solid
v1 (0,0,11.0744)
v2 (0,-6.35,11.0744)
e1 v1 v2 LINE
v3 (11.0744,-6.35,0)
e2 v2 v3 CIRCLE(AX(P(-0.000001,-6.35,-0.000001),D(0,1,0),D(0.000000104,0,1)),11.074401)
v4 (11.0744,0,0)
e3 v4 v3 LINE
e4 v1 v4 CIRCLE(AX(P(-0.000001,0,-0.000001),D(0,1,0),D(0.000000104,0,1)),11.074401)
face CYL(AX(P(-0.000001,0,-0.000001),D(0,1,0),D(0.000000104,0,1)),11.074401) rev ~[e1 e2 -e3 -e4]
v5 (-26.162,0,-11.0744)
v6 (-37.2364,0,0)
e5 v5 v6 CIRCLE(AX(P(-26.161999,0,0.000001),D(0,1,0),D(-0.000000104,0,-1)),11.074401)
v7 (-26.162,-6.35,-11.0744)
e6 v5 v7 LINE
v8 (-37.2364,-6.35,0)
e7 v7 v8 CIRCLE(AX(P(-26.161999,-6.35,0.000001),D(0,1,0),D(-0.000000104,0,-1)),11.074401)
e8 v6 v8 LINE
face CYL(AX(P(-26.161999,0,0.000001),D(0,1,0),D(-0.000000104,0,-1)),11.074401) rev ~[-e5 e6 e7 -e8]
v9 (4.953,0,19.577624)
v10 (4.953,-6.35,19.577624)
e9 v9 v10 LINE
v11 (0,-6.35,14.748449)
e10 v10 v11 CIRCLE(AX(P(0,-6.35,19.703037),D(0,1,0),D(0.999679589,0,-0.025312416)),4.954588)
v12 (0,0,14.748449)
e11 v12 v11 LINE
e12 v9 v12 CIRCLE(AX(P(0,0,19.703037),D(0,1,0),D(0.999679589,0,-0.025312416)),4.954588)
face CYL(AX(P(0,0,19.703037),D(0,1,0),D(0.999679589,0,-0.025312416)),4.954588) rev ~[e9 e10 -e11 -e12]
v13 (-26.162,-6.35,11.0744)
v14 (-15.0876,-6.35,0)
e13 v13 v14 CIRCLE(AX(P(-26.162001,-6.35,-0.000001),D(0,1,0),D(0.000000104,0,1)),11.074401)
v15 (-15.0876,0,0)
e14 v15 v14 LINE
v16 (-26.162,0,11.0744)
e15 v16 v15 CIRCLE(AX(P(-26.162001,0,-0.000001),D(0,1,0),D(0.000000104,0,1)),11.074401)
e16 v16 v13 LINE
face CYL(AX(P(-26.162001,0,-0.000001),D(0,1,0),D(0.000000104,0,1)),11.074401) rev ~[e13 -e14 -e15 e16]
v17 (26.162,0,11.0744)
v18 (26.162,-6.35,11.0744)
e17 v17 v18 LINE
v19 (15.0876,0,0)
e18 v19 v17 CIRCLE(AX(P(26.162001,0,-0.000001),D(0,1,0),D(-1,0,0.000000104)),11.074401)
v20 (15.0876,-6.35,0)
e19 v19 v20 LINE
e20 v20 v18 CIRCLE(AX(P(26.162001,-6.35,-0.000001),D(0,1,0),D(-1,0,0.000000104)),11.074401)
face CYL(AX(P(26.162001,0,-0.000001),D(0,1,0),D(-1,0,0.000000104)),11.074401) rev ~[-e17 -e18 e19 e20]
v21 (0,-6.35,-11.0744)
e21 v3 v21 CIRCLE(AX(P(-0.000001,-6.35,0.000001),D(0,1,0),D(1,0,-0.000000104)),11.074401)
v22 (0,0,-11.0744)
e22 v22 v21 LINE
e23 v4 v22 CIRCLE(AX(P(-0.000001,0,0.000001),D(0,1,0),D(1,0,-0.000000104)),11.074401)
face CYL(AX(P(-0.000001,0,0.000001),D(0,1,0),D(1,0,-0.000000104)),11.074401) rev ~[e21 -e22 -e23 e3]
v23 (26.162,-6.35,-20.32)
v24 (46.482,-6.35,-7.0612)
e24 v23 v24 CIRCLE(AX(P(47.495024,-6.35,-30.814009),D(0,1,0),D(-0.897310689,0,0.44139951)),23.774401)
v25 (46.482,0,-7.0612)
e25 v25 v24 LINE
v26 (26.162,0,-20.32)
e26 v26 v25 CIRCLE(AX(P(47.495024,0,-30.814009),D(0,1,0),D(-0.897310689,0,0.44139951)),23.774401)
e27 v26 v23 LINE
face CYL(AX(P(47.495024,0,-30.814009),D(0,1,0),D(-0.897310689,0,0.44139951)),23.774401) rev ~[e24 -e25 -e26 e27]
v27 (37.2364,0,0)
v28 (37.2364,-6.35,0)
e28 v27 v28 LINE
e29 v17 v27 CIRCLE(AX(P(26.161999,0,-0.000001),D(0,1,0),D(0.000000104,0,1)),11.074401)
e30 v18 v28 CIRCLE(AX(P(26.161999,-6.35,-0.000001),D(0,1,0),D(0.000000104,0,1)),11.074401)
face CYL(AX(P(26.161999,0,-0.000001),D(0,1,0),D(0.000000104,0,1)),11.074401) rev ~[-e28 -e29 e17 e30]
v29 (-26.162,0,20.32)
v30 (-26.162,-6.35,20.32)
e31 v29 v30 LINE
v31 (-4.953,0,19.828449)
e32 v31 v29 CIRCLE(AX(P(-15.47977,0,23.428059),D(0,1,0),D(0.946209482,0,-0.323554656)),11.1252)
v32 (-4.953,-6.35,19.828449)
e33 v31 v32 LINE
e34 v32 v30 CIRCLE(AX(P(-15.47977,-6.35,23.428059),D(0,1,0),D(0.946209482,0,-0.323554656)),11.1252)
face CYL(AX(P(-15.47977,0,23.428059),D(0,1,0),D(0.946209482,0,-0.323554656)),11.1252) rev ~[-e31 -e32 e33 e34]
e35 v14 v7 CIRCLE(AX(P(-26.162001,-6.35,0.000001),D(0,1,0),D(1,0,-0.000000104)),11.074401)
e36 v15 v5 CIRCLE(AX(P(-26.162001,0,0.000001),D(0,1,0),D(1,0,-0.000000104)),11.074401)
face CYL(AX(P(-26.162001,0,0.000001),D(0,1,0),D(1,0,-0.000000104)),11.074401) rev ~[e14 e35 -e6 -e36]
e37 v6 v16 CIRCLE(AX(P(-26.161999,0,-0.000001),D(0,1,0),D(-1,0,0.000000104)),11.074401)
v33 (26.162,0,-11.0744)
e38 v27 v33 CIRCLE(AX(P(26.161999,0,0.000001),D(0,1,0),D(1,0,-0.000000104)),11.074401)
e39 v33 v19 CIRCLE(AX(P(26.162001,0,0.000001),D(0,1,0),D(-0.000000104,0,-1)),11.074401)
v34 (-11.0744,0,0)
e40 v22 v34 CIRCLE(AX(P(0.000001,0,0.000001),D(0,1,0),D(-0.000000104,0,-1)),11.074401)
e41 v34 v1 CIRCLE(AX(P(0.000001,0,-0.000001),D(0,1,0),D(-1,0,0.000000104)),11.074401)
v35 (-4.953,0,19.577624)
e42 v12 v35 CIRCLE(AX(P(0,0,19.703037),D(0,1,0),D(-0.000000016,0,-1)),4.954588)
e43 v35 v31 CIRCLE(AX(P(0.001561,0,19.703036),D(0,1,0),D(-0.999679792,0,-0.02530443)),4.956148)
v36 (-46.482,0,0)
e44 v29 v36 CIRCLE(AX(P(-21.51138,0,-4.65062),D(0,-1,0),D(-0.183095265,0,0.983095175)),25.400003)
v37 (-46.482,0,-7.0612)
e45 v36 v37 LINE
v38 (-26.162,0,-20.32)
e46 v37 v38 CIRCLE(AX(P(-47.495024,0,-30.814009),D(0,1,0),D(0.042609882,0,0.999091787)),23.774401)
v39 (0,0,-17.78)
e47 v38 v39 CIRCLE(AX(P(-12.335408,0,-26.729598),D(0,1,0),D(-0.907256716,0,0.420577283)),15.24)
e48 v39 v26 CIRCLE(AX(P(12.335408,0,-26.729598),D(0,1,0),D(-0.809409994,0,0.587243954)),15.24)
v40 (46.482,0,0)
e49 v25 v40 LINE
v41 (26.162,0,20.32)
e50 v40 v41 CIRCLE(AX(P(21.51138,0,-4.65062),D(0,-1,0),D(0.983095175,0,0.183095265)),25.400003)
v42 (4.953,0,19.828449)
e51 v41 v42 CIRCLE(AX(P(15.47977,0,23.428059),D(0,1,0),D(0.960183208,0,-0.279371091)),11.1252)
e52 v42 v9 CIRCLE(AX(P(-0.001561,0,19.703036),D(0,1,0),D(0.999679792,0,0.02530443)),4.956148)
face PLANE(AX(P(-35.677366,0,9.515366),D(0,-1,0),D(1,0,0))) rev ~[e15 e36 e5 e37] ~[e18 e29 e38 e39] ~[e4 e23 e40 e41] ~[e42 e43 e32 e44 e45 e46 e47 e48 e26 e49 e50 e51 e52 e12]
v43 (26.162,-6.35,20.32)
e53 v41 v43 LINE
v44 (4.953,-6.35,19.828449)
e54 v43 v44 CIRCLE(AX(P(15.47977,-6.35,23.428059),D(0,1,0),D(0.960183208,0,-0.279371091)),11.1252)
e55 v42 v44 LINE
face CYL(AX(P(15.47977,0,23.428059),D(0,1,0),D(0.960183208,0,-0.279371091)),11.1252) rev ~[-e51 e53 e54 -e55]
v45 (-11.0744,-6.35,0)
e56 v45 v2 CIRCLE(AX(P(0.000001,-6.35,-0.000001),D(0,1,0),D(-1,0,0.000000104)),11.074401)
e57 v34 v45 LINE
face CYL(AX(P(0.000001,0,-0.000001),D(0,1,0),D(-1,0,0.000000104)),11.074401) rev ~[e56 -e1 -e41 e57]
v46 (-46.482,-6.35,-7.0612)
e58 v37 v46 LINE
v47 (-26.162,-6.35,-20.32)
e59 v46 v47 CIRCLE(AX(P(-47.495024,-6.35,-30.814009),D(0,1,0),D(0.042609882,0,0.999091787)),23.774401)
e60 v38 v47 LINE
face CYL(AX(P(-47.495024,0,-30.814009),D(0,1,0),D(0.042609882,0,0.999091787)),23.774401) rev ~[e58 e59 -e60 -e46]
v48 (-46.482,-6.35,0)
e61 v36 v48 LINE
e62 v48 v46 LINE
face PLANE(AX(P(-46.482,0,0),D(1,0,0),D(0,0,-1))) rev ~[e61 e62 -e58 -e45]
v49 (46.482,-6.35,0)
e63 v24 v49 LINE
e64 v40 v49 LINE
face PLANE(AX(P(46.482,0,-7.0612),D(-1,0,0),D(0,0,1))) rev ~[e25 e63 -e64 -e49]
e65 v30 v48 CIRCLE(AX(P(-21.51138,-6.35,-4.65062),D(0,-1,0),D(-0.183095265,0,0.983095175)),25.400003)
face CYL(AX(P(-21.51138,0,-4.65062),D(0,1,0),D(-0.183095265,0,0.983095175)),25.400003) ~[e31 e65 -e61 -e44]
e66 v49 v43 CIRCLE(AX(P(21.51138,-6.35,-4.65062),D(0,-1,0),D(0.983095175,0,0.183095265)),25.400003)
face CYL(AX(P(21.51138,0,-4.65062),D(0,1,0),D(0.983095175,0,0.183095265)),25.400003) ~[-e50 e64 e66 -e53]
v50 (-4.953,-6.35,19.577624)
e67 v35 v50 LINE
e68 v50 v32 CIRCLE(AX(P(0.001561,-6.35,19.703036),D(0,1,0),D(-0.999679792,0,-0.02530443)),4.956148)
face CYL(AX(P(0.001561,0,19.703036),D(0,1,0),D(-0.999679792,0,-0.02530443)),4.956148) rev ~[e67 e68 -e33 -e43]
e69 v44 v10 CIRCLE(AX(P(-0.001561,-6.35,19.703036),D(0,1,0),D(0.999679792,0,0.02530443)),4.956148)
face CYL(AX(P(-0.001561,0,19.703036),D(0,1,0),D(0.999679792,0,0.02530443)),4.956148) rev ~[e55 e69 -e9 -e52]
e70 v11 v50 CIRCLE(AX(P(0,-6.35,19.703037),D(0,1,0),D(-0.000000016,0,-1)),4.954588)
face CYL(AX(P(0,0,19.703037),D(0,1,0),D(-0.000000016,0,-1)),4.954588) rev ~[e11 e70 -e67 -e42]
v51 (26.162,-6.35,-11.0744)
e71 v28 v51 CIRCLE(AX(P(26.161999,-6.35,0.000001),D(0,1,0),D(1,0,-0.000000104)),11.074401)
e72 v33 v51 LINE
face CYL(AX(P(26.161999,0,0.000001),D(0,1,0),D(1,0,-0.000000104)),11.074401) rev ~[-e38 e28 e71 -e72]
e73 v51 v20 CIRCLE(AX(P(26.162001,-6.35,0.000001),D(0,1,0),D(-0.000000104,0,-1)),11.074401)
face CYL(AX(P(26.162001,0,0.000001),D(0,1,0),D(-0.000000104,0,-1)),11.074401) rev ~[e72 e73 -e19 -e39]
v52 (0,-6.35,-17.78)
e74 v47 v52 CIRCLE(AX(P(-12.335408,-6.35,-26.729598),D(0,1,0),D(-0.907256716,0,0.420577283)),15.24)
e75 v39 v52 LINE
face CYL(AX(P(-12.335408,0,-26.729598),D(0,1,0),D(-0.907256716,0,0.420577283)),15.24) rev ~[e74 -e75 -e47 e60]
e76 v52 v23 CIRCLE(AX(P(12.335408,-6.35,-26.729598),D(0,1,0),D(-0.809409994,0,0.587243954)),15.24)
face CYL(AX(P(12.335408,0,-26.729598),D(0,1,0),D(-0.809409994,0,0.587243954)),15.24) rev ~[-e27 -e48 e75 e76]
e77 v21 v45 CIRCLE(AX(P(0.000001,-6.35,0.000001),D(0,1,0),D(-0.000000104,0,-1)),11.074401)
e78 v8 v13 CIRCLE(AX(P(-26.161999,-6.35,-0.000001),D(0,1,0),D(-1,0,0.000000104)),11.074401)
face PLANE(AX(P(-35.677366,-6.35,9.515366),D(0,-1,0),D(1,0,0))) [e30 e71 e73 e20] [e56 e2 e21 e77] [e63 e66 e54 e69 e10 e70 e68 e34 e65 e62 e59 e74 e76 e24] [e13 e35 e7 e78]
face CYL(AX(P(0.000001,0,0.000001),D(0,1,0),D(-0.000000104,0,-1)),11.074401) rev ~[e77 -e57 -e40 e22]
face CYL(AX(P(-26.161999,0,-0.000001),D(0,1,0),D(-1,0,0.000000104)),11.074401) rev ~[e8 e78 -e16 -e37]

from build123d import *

# Parameters (mm, degrees)
F1_DEPTH = 6.35


with BuildPart() as f1:
    # F0 (on Front) → F1 (new body)
    with BuildSketch(Plane.XZ):
        with BuildLine():
            ThreePointArc((-37.2364, 0), (-33.992783, 7.830783), (-26.162, 11.0744))
            Line((-26.162, 11.0744), (-26.162, 20.32))
            ThreePointArc((-26.162, 20.32), (-39.471894, 13.309894), (-46.482, 0))
            Line((-46.482, 0), (-37.2364, 0))
        make_face()
        with BuildLine():
            ThreePointArc((-46.482, -7.0612), (-34.50328, -10.90329), (-26.162, -20.32))
            Line((-26.162, -20.32), (-26.162, -11.0744))
            ThreePointArc((-26.162, -11.0744), (-33.992783, -7.830783), (-37.2364, 0))
            Line((-37.2364, 0), (-46.482, 0))
            Line((-46.482, 0), (-46.482, -7.0612))
        make_face()
        with BuildLine():
            Line((0, -17.78), (0, -11.0744))
            ThreePointArc((0, -11.0744), (-7.830783, -7.830783), (-11.0744, 0))
            Line((-11.0744, 0), (-15.0876, 0))
            ThreePointArc((-15.0876, 0), (-18.331217, -7.830783), (-26.162, -11.0744))
            Line((-26.162, -11.0744), (-26.162, -20.32))
            ThreePointArc((-26.162, -20.32), (-13.808095, -11.56092), (0, -17.78))
        make_face()
        with BuildLine():
            Line((15.0876, 0), (11.0744, 0))
            ThreePointArc((11.0744, 0), (7.830783, -7.830783), (0, -11.0744))
            Line((0, -11.0744), (0, -17.78))
            ThreePointArc((0, -17.78), (13.808095, -11.56092), (26.162, -20.32))
            Line((26.162, -20.32), (26.162, -11.0744))
            ThreePointArc((26.162, -11.0744), (18.331217, -7.830783), (15.0876, 0))
        make_face()
        with BuildLine():
            ThreePointArc((37.2364, 0), (33.992783, -7.830783), (26.162, -11.0744))
            Line((26.162, -11.0744), (26.162, -20.32))
            ThreePointArc((26.162, -20.32), (34.50328, -10.90329), (46.482, -7.0612))
            Line((46.482, -7.0612), (46.482, 0))
            Line((46.482, 0), (37.2364, 0))
        make_face()
        with BuildLine():
            Line((26.162, 20.32), (26.162, 11.0744))
            ThreePointArc((26.162, 11.0744), (33.992783, 7.830783), (37.2364, 0))
            Line((37.2364, 0), (46.482, 0))
            ThreePointArc((46.482, 0), (39.471894, 13.309894), (26.162, 20.32))
        make_face()
        with BuildLine():
            ThreePointArc((0, 11.0744), (7.830783, 7.830783), (11.0744, 0))
            Line((11.0744, 0), (15.0876, 0))
            ThreePointArc((15.0876, 0), (18.331217, 7.830783), (26.162, 11.0744))
            Line((26.162, 11.0744), (26.162, 20.32))
            ThreePointArc((26.162, 20.32), (15.737544, 12.305846), (4.953, 19.828449))
            ThreePointArc((4.953, 19.828449), (4.954587, 19.703036), (4.953, 19.577624))
            Line((4.953, 19.577624), (4.953, 14.748449))
            Line((4.953, 14.748449), (0, 14.748449))
            Line((0, 14.748449), (0, 11.0744))
        make_face()
        with BuildLine():
            ThreePointArc((-11.0744, 0), (-7.830783, 7.830783), (0, 11.0744))
            Line((0, 11.0744), (0, 14.748449))
            Line((0, 14.748449), (-4.953, 14.748449))
            Line((-4.953, 14.748449), (-4.953, 19.577624))
            ThreePointArc((-4.953, 19.577624), (-4.954587, 19.703036), (-4.953, 19.828449))
            ThreePointArc((-4.953, 19.828449), (-15.737544, 12.305846), (-26.162, 20.32))
            Line((-26.162, 20.32), (-26.162, 11.0744))
            ThreePointArc((-26.162, 11.0744), (-18.331217, 7.830783), (-15.0876, 0))
            Line((-15.0876, 0), (-11.0744, 0))
        make_face()
        with BuildLine():
            Line((-4.953, 14.748449), (0, 14.748449))
            ThreePointArc((0, 14.748449), (-3.458798, 16.155551), (-4.953, 19.577624))
            Line((-4.953, 19.577624), (-4.953, 14.748449))
        make_face()
        with BuildLine():
            ThreePointArc((4.953, 19.577624), (3.458798, 16.155551), (0, 14.748449))
            Line((0, 14.748449), (4.953, 14.748449))
            Line((4.953, 14.748449), (4.953, 19.577624))
        make_face()
    extrude(amount=F1_DEPTH)


solid = f1.part
